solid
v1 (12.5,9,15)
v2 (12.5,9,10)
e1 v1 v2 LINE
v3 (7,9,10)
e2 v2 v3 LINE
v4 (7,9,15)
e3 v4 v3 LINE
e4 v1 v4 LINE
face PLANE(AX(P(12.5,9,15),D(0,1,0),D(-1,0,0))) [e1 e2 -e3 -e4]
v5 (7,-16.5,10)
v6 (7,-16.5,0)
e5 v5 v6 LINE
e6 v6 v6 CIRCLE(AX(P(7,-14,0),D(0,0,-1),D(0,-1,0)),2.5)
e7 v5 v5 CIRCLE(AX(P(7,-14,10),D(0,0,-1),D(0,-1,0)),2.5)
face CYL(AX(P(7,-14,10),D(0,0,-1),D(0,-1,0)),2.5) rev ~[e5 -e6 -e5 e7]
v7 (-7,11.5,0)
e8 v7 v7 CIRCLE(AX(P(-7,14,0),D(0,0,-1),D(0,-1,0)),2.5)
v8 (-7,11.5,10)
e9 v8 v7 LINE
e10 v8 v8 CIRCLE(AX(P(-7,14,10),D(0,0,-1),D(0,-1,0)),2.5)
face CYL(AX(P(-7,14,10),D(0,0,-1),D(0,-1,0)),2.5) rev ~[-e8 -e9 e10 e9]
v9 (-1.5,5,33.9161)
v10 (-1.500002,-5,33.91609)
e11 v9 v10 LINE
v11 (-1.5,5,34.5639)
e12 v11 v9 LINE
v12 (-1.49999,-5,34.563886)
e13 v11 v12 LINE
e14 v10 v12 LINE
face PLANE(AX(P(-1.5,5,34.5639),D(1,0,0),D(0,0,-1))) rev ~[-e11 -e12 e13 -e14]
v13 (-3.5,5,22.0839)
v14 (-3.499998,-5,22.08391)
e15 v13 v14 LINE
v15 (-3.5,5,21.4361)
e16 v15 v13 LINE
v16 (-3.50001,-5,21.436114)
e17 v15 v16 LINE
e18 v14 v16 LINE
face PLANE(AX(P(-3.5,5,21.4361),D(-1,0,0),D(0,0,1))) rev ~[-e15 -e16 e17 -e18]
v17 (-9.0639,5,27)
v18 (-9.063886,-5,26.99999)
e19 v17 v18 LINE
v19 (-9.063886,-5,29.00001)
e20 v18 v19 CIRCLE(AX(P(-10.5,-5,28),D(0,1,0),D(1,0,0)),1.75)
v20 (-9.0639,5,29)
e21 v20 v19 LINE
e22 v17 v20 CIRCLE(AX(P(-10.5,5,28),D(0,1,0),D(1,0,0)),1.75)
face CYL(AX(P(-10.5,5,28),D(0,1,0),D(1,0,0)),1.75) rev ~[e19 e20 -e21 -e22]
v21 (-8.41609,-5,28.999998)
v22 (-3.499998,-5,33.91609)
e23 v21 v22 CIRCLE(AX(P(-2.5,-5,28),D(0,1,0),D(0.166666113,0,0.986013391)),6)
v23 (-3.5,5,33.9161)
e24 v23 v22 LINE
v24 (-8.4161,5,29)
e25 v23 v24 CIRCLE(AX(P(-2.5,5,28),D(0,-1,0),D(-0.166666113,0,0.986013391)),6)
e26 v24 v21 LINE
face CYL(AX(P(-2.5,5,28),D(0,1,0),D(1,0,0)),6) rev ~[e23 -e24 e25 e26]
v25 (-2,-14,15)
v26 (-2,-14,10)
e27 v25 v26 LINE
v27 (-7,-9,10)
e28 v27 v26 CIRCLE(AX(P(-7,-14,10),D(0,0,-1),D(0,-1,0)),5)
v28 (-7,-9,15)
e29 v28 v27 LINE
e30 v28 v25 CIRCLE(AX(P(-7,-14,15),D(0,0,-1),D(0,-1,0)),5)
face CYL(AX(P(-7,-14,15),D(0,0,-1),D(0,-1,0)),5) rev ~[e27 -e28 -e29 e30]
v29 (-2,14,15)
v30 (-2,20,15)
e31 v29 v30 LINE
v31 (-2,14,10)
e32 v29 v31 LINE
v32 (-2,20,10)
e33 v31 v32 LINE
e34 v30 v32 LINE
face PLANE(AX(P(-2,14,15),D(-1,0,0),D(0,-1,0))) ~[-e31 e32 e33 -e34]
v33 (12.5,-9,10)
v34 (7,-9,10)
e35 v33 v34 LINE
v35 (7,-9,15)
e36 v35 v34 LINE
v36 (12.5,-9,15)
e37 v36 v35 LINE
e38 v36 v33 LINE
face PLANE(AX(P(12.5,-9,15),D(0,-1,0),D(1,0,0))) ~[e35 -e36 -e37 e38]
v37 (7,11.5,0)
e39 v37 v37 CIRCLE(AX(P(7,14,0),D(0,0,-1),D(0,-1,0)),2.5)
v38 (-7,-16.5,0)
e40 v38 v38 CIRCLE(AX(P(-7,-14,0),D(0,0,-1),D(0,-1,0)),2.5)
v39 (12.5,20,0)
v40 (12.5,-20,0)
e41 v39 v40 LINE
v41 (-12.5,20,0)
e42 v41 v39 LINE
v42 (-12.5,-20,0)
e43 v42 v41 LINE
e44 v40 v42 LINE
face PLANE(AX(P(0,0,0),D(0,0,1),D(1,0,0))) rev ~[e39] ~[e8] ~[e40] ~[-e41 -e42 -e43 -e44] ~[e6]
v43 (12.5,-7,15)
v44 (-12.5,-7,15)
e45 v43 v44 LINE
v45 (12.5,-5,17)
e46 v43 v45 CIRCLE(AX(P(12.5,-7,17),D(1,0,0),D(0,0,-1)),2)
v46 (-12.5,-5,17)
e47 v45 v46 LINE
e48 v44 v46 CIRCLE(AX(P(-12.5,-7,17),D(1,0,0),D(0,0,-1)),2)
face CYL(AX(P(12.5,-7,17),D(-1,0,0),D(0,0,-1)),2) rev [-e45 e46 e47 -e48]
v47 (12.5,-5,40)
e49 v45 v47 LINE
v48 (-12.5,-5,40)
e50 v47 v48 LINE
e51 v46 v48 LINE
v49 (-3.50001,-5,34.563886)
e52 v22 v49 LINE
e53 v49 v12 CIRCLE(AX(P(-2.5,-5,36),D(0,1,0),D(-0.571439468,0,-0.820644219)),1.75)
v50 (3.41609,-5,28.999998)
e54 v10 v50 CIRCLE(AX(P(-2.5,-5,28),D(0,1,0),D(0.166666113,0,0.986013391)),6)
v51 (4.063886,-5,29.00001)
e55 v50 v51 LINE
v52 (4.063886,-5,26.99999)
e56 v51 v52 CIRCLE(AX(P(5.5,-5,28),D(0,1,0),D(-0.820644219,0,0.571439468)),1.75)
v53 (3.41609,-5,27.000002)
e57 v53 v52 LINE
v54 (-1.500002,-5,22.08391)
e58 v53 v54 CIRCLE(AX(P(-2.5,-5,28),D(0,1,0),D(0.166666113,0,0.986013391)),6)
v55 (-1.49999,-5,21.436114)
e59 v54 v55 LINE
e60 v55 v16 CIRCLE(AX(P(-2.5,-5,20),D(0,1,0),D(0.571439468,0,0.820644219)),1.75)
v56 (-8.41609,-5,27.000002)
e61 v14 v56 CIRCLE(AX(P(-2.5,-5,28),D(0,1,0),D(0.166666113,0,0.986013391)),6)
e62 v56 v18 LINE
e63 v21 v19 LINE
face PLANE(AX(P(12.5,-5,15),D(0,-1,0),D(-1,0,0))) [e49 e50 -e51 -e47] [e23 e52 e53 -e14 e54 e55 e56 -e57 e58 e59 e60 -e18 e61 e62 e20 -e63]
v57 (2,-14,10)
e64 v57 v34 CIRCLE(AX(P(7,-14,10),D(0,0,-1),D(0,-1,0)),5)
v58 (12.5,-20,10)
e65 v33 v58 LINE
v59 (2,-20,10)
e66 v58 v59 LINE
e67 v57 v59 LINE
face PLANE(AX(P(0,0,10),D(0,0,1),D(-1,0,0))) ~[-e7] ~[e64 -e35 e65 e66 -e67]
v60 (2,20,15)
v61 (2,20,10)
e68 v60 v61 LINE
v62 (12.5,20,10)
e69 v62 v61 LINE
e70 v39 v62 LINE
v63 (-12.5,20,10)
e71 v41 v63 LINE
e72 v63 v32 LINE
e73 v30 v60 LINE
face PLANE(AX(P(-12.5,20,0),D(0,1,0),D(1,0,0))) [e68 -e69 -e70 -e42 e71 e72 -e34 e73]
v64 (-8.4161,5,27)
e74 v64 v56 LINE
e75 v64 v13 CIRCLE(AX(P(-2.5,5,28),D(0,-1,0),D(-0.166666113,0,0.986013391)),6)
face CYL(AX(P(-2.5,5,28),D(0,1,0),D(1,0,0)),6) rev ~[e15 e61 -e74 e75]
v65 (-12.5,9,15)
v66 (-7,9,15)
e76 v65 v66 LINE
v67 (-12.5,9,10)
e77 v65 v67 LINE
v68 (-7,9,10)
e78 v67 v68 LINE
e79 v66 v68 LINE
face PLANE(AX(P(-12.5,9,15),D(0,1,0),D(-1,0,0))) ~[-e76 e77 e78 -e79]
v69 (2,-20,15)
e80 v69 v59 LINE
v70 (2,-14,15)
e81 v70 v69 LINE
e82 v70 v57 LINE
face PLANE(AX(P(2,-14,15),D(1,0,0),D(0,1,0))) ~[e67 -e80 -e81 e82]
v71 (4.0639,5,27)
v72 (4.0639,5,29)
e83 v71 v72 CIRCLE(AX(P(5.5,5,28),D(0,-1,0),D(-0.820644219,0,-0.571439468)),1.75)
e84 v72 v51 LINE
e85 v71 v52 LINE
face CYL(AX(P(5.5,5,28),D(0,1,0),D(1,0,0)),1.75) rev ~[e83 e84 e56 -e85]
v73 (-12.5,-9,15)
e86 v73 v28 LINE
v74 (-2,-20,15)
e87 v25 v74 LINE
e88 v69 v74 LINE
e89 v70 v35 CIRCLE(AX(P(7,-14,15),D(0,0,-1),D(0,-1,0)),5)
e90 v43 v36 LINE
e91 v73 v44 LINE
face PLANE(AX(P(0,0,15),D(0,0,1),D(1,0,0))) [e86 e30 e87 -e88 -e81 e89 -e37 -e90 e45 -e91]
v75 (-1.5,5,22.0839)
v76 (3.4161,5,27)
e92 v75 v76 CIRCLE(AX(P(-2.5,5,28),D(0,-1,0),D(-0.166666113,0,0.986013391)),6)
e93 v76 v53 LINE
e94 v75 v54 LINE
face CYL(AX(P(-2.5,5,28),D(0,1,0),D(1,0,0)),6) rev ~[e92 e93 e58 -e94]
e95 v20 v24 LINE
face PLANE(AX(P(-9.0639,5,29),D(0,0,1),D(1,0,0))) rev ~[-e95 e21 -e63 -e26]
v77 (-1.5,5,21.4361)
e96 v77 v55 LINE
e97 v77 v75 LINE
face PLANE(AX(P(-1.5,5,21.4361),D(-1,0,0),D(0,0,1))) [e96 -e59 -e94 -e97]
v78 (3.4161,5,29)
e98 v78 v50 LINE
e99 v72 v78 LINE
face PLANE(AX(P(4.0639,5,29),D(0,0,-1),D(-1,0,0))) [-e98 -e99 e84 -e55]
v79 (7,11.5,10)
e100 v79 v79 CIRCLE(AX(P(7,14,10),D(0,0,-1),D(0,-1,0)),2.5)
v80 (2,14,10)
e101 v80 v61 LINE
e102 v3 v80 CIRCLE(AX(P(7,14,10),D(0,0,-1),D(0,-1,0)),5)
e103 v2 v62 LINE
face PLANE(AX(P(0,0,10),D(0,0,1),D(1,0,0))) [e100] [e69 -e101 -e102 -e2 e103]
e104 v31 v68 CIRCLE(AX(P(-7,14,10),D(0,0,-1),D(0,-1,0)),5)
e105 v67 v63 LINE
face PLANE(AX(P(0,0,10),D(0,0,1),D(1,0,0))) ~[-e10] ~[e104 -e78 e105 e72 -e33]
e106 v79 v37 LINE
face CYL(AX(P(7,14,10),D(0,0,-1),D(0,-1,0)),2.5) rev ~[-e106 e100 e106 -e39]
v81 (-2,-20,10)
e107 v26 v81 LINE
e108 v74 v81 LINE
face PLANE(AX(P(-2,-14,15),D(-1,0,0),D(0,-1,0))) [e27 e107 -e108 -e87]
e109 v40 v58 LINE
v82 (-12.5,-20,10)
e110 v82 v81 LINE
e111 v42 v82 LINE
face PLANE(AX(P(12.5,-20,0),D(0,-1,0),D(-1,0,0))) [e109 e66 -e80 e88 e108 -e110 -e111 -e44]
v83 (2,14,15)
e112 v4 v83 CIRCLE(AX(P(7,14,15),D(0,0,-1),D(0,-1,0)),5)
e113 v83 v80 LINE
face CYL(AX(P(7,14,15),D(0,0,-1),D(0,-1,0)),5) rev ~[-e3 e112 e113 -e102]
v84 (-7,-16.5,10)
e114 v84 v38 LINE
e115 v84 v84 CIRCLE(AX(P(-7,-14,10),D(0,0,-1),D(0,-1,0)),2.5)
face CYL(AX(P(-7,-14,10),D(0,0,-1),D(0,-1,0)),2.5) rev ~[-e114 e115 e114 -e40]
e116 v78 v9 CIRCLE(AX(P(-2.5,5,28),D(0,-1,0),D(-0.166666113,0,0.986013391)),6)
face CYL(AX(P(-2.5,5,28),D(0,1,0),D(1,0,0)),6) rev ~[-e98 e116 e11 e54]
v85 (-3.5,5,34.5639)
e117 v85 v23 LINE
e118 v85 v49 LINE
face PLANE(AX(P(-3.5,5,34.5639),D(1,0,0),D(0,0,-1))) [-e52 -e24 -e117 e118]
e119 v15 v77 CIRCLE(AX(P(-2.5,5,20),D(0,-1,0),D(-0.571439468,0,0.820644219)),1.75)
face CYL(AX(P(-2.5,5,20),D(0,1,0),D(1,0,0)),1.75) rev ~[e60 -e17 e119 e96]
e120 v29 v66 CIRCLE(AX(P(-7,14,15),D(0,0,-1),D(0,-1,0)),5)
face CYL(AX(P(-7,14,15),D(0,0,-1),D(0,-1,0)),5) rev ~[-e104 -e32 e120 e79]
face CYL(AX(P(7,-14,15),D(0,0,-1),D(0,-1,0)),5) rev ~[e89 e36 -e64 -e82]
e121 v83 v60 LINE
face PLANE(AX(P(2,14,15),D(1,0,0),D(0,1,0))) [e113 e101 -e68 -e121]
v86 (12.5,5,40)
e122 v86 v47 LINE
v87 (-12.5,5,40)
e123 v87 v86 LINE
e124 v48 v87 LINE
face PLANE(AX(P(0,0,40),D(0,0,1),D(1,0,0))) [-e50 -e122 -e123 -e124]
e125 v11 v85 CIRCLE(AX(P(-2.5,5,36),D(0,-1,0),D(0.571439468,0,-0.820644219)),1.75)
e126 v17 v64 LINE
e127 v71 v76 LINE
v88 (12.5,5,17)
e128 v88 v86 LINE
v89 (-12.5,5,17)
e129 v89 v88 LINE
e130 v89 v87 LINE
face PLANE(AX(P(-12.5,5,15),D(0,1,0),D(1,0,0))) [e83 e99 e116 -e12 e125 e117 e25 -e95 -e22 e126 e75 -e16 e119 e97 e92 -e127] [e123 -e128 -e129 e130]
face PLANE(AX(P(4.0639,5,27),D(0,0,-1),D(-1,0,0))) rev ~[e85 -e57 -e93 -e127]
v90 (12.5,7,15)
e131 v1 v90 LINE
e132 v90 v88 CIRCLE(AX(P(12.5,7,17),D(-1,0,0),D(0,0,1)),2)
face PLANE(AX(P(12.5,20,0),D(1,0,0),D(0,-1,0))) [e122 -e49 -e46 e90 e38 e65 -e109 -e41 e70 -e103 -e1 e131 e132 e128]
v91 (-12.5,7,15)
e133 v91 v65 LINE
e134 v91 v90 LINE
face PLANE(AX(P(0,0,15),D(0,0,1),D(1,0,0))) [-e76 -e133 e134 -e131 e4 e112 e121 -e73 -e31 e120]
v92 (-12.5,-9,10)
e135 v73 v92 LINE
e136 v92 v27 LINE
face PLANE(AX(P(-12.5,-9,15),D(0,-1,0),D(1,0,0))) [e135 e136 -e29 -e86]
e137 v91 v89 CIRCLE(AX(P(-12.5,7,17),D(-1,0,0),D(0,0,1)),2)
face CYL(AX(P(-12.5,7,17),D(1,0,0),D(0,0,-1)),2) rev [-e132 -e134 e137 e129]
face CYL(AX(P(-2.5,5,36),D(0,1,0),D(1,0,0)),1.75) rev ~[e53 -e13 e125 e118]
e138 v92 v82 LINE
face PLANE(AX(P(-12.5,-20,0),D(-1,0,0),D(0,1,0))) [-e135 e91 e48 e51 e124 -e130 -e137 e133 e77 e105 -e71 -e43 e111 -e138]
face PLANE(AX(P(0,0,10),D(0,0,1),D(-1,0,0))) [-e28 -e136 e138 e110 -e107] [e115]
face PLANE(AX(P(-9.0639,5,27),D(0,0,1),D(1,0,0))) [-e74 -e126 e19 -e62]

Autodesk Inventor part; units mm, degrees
ref_plane "YZ Plane" through (0, 0, 0) normal (1, 0, 0) x (0, 1, 0)
ref_plane "XZ Plane" through (0, 0, 0) normal (0, 1, 0) x (-1, 0, 0)
ref_plane "XY Plane" through (0, 0, 0) normal (0, 0, 1) x (1, 0, 0)
sketch "Sketch1" plane through (0, 0, 0) normal (0, 0, 1) x (1, 0, 0)
  line L0 (-12.5, 20) -> (12.5, 20)
  line L1 (12.5, 20) -> (12.5, -20)
  line L2 (12.5, -20) -> (-12.5, -20)
  line L3 (-12.5, -20) -> (-12.5, 20)
  point P0 (0, 0)
  point P1 (-12.5, 0)
  point P2 (0, 20)
  dimension "d0" = 40
  dimension "d1" = 25
extrude "Extrusion1" add sketch "Sketch1" along normal blind 15
sketch "Sketch3" plane through (0, 0, 15) normal (0, 0, -1) x (-1, 0, 0)
  line L0 (-12.5, -20) -> (-12.5, 20) projected
  line L1 (-12.5, -20) -> (-12.5, 20) projected
  line L2 (12.5, -20) -> (-12.5, -20) projected
  line L3 (-12.5, 20) -> (12.5, 20) projected
  line L4 (0, 0) -> (0, 4.9357) construction
  point P0 (-7, -14)
  point P1 (-7, 14)
  point P2 (0, -20)
  point P3 (0, 20)
  point P4 (7, -14)
  point P5 (7, 14)
  dimension "d21" = 6
  dimension "d22" = 6
  dimension "d24" = 5.5
hole "Hole1" at (7, -14, 15) at (-7, -14, 15) at (-7, 14, 15) at (7, 14, 15) direction (0, 0, -1) diameter 5 end through all counterbore diameter 10 counterbore depth 5
sketch "Sketch4" plane through (0, 0, 15) normal (0, 0, 1) x (1, 0, 0)
  line L0 (-12.5, 5) -> (12.5, 5)
  line L1 (12.5, 5) -> (12.5, -5)
  line L2 (12.5, -5) -> (-12.5, -5)
  line L3 (-12.5, -5) -> (-12.5, 5)
  line L4 (12.5, -20) -> (12.5, 20) projected
  line L5 (-12.5, 20) -> (-12.5, -20) projected
  point P0 (0, 0)
  point P1 (12.5, 0)
  dimension "d20" = 10
extrude "Extrusion3" add sketch "Sketch4" along normal blind 25
sketch "Sketch5" plane through (-12.5, 5, 15) normal (0, 1, 0) x (1, 0, 0)
  circle A0 centre (10, -13) radius 6
  line L0 (25, -25) -> (0, -25) projected
  line L1 (25, 0) -> (25, -25) projected
  circle A1 centre (10, -5) radius 1.75
  circle A2 centre (2, -13) radius 1.75
  circle A3 centre (10, -21) radius 1.75
  circle A4 centre (18, -13) radius 1.75
  point P0 (12.5, 15)
  dimension "d27" = 12
  dimension "d28" = 12
  dimension "d29" = 15
  dimension "d30" = 3.5
  dimension "d31" = 8
  dimension "d34" = 360
extrude "Extrusion4" cut sketch "Sketch5" against normal through all
fillet "Fillet2" radius 2 2 edges at (0, 5, 15) (0, -5, 15)
sketch "Sketch6" plane through (0, 0, 15) normal (0, 0, 1) x (1, 0, 0)
  line L0 (12.5, 7) -> (12.5, 20) projected
  line L1 (12.5, 9) -> (7, 9)
  circle A0 centre (7, 14) radius 5 projected
  line L2 (2, 14) -> (2, 20)
  line L3 (12.5, 20) -> (-12.5, 20) projected
  point P0 (0, 0)
extrude "Extrusion5" cut sketch "Sketch6" against normal up to surface (5 mm away) contours L1 A0 L2 L3 L0
mirror "Mirror1" about plane through (0, 0, 0) normal (1, 0, 0) of "Extrusion5"
mirror "Mirror2" about plane through (0, 0, 0) normal (0, 1, 0) of "Extrusion5", "Mirror1"
sketch "Sketch7" plane through (-12.5, 5, 40) normal (0, 1, 0) x (1, 0, 0)
  circle A0 centre (10, 4) radius 1.75 projected
  circle A1 centre (18, 12) radius 1.75 projected
  circle A2 centre (10, 20) radius 1.75 projected
  circle A3 centre (2, 12) radius 1.75 projected
  circle A4 centre (10, 12) radius 6 projected
  line L0 (0, 23) -> (0, 0) projected
  line L1 (11, 5.4361) -> (11, 6.0839)
  line L2 (9, 5.4361) -> (9, 6.0839)
  line L3 (25, 23) -> (25, 0) projected
  point P0 (12.5, 40)
  dimension "d41" = 1
  dimension "d42" = 1
extrude "Extrusion6" cut sketch "Sketch7" against normal through all contours A0 L2 A4 L1
pattern_circular "Circular Pattern1" count 4 over 360 about axis through (-2.5, 5, 28) along (0, -1, 0) of "Extrusion6"
equation "\"d22\" = d21"
equation "\"d42\" = d41"
properties part number "0008-10-013 Supăort Piulita Axa Z1"
